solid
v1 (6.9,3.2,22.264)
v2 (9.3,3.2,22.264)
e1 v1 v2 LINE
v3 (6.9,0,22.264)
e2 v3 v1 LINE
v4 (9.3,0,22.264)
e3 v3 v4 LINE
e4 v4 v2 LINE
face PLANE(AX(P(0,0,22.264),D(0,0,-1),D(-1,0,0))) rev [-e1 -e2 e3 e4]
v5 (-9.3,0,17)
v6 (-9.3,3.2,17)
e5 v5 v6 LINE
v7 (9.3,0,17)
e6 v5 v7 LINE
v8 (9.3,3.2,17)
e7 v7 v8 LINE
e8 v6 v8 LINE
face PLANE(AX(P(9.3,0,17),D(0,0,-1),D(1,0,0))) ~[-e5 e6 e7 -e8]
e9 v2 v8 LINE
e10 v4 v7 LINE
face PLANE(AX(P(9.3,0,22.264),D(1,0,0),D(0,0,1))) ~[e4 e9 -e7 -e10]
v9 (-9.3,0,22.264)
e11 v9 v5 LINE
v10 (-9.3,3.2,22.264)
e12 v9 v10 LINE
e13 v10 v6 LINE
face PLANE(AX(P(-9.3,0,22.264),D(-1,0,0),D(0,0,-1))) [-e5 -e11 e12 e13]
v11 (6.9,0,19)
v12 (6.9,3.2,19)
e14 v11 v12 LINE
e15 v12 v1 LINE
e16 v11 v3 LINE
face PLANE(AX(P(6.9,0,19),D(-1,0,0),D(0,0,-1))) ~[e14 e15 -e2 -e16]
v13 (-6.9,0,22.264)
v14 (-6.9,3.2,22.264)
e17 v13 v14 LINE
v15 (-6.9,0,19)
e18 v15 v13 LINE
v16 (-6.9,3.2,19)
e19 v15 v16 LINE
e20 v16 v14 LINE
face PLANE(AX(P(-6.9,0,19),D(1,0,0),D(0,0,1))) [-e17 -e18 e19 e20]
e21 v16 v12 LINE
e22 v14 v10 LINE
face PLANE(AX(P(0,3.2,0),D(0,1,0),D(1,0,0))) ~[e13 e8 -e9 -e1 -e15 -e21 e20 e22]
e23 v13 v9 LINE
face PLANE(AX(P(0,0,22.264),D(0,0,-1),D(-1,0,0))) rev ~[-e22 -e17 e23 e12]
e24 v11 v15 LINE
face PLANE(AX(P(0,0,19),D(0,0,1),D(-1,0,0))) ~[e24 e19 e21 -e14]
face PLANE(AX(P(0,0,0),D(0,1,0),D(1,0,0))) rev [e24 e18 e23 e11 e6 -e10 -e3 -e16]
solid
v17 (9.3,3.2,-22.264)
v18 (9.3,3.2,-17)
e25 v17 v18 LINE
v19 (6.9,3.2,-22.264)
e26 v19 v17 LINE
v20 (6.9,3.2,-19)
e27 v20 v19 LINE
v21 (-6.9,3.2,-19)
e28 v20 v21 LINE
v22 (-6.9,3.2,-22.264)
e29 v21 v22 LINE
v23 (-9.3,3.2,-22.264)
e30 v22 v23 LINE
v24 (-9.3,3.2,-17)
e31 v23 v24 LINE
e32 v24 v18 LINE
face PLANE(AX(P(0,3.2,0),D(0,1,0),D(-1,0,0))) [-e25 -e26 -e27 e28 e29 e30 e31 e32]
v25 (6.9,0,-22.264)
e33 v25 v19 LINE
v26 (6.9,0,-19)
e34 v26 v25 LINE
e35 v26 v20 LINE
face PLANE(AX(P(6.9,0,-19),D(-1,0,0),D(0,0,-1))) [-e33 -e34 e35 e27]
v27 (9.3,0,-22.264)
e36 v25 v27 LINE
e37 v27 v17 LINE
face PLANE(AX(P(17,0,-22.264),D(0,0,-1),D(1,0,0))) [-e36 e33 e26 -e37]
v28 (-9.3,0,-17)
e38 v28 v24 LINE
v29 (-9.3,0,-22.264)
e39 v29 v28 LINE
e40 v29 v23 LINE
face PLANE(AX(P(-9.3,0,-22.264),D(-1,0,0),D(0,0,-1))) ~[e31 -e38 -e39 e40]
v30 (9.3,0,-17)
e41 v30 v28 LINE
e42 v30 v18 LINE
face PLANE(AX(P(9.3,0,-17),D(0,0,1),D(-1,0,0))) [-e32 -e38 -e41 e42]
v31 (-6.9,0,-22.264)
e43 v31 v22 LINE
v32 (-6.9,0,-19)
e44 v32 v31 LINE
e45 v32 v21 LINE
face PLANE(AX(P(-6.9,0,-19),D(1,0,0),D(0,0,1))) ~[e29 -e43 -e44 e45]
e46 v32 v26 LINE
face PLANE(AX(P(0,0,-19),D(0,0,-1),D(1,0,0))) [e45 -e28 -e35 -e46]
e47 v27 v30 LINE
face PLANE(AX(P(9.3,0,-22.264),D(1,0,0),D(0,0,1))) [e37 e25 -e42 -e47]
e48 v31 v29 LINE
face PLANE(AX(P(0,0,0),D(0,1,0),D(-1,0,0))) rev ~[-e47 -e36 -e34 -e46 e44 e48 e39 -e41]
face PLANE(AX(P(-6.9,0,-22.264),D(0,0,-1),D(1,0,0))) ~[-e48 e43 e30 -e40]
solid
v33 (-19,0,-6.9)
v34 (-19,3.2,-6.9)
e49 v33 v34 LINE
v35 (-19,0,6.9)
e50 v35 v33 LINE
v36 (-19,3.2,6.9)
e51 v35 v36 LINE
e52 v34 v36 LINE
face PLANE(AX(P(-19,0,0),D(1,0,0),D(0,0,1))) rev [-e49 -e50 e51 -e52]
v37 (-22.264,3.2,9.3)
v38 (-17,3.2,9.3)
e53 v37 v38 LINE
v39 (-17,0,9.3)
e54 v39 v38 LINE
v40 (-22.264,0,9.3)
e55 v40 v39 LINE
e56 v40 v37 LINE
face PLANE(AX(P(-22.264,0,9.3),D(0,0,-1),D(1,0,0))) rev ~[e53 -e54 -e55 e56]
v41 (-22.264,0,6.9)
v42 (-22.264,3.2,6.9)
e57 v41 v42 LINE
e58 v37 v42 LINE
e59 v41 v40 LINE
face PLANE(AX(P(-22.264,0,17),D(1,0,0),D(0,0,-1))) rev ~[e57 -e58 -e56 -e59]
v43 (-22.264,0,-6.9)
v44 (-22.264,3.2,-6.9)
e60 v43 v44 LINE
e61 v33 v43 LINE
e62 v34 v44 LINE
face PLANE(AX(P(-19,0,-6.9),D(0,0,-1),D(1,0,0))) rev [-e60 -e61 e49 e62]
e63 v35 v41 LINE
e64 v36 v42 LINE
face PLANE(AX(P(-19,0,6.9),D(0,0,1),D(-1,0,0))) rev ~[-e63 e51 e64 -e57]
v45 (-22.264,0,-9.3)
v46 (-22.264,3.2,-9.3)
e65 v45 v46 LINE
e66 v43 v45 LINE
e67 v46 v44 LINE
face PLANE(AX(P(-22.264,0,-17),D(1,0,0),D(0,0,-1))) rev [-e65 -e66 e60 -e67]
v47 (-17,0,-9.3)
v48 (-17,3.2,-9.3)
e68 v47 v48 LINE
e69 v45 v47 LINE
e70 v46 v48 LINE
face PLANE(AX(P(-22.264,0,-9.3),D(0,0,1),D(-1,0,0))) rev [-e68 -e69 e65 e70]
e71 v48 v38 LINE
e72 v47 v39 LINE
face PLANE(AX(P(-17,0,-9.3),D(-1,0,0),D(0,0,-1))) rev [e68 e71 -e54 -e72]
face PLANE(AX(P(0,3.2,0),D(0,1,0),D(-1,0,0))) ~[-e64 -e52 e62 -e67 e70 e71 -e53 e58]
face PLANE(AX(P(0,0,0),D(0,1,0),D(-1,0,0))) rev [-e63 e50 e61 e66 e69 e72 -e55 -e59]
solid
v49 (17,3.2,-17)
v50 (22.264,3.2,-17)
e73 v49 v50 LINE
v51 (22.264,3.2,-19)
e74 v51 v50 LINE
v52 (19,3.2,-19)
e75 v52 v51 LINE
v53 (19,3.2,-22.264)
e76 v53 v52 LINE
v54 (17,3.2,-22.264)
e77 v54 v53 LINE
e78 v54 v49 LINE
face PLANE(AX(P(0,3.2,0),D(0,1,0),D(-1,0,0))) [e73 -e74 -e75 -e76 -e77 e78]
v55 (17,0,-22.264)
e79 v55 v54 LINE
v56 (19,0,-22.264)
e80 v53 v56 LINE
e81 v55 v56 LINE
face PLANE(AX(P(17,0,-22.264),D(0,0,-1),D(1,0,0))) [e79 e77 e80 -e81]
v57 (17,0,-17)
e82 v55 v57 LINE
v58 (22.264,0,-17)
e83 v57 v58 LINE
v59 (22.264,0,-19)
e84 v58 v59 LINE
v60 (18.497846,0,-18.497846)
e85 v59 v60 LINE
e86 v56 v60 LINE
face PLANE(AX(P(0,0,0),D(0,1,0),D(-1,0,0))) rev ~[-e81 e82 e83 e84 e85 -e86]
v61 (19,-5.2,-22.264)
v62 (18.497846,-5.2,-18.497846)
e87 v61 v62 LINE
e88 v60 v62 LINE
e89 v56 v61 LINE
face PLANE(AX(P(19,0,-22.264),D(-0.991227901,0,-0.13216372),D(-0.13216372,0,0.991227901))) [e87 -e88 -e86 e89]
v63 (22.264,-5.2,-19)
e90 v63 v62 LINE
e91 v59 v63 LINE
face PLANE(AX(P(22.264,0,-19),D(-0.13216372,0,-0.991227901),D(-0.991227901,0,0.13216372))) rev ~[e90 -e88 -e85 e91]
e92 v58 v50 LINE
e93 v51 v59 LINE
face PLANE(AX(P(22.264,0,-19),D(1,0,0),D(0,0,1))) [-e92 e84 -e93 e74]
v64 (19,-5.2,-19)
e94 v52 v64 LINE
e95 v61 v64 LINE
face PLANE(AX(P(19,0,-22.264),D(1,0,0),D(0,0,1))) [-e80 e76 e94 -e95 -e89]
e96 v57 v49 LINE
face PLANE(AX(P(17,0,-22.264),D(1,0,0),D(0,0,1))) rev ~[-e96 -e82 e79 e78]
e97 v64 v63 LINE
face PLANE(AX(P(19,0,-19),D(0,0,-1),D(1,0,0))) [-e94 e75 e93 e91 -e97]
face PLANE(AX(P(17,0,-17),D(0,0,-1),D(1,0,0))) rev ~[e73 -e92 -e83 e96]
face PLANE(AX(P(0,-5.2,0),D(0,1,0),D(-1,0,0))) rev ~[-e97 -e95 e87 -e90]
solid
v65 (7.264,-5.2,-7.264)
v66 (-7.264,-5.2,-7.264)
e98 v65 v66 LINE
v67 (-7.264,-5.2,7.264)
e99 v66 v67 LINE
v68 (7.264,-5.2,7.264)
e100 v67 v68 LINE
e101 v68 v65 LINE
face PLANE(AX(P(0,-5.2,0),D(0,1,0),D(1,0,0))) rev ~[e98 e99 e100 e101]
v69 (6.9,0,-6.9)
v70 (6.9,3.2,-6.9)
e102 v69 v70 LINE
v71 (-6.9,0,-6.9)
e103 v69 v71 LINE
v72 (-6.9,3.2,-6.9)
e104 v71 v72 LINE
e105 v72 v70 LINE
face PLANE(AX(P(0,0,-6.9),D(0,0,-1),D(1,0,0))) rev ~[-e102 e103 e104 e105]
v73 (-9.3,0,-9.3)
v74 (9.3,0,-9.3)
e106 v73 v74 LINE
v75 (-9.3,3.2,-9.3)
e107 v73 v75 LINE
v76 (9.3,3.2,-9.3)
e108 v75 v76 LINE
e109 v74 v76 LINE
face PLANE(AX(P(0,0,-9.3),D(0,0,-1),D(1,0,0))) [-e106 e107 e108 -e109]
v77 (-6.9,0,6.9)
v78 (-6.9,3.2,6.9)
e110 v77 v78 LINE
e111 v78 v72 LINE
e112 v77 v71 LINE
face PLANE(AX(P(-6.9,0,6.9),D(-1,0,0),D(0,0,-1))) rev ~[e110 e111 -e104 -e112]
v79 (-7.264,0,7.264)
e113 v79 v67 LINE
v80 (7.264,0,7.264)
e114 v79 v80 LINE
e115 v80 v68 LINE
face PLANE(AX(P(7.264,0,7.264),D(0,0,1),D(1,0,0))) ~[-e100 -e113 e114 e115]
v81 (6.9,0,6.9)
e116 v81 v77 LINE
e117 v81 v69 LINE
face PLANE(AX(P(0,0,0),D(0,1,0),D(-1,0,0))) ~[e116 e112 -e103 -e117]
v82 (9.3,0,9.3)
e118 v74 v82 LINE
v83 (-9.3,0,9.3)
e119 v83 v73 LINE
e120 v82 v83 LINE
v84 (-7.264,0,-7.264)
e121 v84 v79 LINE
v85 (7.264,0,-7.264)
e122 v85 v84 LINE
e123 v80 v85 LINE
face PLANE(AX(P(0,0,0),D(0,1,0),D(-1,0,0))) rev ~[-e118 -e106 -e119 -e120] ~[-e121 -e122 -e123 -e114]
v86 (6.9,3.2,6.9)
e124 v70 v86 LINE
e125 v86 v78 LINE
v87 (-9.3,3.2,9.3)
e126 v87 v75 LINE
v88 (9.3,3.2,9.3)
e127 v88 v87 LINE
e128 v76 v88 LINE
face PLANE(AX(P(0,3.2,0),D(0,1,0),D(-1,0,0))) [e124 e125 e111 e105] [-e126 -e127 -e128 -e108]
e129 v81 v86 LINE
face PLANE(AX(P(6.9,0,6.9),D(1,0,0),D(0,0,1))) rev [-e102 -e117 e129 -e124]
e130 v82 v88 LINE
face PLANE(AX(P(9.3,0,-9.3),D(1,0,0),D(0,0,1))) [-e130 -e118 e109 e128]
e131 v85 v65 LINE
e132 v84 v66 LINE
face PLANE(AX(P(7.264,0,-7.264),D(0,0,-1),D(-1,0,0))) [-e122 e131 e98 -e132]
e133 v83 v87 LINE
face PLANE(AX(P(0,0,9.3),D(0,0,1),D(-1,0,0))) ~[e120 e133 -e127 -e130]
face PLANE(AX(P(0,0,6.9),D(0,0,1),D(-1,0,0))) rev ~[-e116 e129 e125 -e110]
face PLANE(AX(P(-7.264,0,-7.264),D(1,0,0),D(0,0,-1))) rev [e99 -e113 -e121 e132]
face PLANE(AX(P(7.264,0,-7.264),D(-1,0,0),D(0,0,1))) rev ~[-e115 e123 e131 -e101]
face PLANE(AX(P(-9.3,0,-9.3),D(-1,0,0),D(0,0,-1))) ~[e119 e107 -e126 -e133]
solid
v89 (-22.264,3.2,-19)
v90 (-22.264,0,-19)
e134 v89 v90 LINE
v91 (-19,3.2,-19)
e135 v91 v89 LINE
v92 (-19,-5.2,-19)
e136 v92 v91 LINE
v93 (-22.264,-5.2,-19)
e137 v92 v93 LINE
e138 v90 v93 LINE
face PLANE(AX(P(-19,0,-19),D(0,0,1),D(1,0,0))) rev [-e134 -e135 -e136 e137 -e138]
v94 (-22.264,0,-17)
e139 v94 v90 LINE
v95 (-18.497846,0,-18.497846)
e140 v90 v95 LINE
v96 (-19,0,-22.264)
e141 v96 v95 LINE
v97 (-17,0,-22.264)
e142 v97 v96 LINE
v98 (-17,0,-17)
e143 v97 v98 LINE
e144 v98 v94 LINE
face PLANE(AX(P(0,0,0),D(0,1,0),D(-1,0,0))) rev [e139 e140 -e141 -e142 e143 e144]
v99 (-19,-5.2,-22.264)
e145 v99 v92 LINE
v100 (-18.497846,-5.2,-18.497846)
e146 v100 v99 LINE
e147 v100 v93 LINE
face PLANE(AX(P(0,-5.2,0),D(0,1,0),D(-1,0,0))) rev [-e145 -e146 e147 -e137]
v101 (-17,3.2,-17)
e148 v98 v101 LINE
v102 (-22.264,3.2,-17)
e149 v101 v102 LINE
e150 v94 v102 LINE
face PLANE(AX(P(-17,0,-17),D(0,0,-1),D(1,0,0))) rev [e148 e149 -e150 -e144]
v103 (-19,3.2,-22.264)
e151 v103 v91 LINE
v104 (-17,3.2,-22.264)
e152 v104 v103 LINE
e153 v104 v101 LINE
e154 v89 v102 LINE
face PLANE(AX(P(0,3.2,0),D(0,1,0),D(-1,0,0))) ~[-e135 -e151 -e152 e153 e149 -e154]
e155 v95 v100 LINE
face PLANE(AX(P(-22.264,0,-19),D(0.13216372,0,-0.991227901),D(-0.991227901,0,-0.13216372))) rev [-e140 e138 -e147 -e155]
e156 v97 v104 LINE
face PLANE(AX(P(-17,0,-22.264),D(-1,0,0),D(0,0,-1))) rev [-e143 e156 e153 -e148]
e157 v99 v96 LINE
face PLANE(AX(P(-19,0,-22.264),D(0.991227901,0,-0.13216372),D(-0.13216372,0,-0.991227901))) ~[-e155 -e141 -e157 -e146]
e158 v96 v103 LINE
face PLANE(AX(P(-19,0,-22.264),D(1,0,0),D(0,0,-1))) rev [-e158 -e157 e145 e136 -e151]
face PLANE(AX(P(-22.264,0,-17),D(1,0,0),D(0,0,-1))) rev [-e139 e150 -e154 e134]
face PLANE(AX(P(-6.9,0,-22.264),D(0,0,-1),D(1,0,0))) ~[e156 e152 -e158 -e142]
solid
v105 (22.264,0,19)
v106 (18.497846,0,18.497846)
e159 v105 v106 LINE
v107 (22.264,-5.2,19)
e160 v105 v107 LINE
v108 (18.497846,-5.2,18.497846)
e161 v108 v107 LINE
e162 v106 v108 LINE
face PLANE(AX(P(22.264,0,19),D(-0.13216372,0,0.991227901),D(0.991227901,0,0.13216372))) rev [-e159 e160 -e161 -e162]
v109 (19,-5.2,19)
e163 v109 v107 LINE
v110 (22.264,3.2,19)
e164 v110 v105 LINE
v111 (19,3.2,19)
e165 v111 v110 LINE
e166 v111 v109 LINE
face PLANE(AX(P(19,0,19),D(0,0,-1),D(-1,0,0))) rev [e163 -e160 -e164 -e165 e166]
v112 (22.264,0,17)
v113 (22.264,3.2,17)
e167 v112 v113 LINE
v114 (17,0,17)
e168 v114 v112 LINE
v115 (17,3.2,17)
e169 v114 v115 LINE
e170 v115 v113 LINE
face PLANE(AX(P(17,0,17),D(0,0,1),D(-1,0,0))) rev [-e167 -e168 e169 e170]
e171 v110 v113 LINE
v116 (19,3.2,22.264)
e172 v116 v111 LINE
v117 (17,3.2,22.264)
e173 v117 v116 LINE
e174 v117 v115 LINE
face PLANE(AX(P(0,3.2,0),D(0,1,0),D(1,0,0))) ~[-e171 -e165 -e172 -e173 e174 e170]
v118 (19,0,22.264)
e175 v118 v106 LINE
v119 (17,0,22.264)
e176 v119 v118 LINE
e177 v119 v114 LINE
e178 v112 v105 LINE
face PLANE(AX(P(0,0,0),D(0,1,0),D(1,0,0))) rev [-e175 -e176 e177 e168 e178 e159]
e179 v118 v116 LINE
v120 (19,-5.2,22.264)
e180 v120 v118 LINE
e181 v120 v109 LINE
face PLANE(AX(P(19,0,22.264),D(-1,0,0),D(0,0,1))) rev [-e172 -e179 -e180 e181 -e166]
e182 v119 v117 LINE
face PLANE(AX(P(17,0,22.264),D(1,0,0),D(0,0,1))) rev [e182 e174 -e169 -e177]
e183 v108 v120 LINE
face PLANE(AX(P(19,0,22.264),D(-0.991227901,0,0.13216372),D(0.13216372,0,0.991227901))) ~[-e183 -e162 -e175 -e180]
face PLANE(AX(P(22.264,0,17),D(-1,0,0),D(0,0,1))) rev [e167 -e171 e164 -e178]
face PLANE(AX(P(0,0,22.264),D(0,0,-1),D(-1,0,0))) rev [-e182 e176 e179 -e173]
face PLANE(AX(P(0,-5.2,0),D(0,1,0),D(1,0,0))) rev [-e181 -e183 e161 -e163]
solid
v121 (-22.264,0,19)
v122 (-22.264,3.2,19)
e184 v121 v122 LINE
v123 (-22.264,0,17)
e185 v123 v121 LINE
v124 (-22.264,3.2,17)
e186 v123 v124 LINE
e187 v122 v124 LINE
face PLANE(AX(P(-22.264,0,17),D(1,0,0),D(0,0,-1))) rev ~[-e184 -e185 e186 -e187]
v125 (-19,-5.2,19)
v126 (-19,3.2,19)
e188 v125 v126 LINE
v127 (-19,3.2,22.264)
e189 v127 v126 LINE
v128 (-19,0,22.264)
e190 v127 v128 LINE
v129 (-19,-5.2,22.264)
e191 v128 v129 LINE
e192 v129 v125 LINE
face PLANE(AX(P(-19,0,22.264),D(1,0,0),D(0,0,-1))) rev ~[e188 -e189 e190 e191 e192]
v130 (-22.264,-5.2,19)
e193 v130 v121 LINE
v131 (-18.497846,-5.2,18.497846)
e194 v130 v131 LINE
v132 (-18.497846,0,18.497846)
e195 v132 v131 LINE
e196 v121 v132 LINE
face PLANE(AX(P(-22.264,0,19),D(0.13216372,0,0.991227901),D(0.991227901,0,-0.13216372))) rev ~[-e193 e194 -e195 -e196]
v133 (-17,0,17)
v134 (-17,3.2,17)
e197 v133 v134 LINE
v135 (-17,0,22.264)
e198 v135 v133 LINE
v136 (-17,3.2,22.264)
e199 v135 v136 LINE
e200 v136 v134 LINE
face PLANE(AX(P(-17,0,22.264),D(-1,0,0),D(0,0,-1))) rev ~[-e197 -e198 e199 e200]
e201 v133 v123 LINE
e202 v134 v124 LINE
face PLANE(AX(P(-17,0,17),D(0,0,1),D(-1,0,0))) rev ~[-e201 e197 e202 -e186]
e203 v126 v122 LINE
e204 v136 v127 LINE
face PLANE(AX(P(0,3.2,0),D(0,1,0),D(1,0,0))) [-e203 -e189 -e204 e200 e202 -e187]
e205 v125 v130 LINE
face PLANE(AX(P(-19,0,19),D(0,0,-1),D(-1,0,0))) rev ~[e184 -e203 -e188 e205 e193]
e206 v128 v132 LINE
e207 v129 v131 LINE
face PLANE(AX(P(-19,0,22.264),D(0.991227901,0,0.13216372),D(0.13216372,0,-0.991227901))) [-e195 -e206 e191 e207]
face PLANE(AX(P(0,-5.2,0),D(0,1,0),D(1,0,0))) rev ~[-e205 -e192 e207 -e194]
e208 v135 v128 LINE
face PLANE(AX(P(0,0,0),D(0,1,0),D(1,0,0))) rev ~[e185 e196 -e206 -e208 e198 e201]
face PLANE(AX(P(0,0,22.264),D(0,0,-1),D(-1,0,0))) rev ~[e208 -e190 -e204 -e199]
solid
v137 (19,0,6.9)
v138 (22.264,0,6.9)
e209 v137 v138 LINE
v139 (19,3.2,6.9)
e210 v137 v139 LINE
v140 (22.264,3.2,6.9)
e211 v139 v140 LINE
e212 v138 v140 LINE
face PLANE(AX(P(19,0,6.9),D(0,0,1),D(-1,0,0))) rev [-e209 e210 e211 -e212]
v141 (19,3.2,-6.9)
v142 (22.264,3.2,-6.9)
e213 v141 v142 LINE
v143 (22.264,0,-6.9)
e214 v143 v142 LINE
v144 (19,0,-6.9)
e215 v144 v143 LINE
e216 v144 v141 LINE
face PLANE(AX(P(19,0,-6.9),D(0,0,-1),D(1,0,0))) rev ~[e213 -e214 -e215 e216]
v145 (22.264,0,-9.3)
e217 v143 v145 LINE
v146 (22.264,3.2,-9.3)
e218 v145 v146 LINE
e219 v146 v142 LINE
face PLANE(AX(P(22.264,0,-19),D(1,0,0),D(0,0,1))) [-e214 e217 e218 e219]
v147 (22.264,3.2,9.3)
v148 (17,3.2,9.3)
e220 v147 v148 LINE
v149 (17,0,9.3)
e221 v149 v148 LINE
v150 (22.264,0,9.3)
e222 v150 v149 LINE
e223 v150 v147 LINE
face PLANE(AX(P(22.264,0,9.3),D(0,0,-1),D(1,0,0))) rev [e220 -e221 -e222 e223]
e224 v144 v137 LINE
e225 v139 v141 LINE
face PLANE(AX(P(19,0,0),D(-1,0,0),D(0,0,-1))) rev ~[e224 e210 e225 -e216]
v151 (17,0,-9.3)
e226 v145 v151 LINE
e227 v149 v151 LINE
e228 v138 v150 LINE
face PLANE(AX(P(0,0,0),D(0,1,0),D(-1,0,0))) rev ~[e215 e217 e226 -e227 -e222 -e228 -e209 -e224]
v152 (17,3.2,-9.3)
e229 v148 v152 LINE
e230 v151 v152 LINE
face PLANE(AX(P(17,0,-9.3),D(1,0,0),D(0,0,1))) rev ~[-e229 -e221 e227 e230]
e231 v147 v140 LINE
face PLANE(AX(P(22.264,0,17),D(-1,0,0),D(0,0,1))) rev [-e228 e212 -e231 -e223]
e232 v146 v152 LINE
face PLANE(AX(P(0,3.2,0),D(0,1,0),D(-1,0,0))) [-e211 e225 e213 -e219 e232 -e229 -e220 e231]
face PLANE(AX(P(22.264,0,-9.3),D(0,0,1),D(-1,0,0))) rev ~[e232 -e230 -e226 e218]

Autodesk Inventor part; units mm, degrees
ref_plane "YZ Plane" through (0, 0, 0) normal (1, 0, 0) x (0, 1, 0)
ref_plane "XZ Plane" through (0, 0, 0) normal (0, 1, 0) x (-1, 0, 0)
ref_plane "XY Plane" through (0, 0, 0) normal (0, 0, 1) x (1, 0, 0)
sketch "スケッチ1" plane through (0, 0, 0) normal (0, 1, 0) x (-1, 0, 0)
  line L0 (0, -64.5) -> (0, 10.75) projected
  line L1 (-64.5, 0) -> (10.75, 0) projected
  line L2 (0, 0) -> (0, -22.264)
  line L3 (0, -22.264) -> (-19, -22.264)
  line L4 (-19, -22.264) -> (-19, -19)
  line L5 (-19, -19) -> (-22.264, -19)
  line L6 (-22.264, -19) -> (-22.264, 0)
  line L7 (-22.264, 0) -> (0, 0)
  line L8 (-17, -22.264) -> (-17, -17)
  line L9 (-17, -17) -> (-22.264, -17)
  line L10 (-9.3, -22.264) -> (-9.3, -17)
  line L11 (-9.3, -17) -> (0, -17)
  line L12 (0, -19) -> (-6.9, -19)
  line L13 (-6.9, -19) -> (-6.9, -22.264)
  line L14 (-22.264, -9.3) -> (-17, -9.3)
  line L15 (-17, -9.3) -> (-17, 0)
  line L16 (-19, 0) -> (-19, -6.9)
  line L17 (-19, -6.9) -> (-22.264, -6.9)
  line L18 (0, -6.9) -> (-6.9, -6.9)
  line L19 (-6.9, -6.9) -> (-6.9, 0)
  line L20 (0, -9.3) -> (-9.3, -9.3)
  line L21 (-9.3, -9.3) -> (-9.3, 0)
  dimension "d0" = 19
  dimension "d1" = 19
  dimension "d2" = 22.264
  dimension "d3" = 22.264
  dimension "d4" = 9.3
  dimension "d5" = 2.4
  dimension "d6" = 2
  dimension "d7" = 2
  dimension "d8" = 9.3
  dimension "d9" = 2.4
extrude "押し出し1" add sketch "スケッチ1" along normal blind 3.2 contours L12 L13 L3 L10 L11 L0 | L20 L21 L1 L19 L18 L0 | L3 L4 L5 L6 L9 L8 | L15 L14 L6 L17 L16 L1
extrude "押し出し2" add sketch "スケッチ1" against normal blind 5.2
sketch "スケッチ2" plane through (0, 0, 0) normal (0, 1, 0) x (-1, 0, 0)
  line L0 (0, -22.264) -> (-19, -22.264) projected
  line L1 (-17, -22.264) -> (-17, -17) projected
  line L2 (-22.264, -19) -> (-22.264, 0) projected
  line L3 (-17, -17) -> (-22.264, -17) projected
  line L4 (0, -64.5) -> (0, 10.75) projected
  line L5 (-64.5, 0) -> (10.75, 0) projected
  line L6 (-19, -22.264) -> (-17, -7.264)
  line L7 (-17, -7.264) -> (0, -7.264)
  line L8 (-22.264, -19) -> (-7.264, -17)
  line L9 (-7.264, -17) -> (-7.264, 0)
  line L10 (0, -22.264) -> (0, -7.264)
  line L11 (-7.264, 0) -> (-22.264, 0)
  point P0 (0, 0)
  dimension "d16" = 15
  dimension "d17" = 15
extrude "押し出し3" cut sketch "スケッチ2" against normal through all contours L0 L1 L8 L9 L7 L4 | L0 L6 L8 L1 | L8 L6 L3 L1 | L1 L3 L6 L7 L9 L8 | L7 L6 L3 L2 L5 L9 | L8 L2 L3 L6
mirror "ミラー1" about plane through (0, 0, 0) normal (1, 0, 0) of "押し出し1", "押し出し2", "押し出し3"
mirror "ミラー2" about plane through (0, 0, 0) normal (0, 0, 1) of "押し出し1", "押し出し2", "押し出し3", "ミラー1"
equation "\"d0\" = 0.5 * RailWidth"
equation "\"d1\" = 0.5 * RailWidth"
equation "\"d2\" = 0.5 * LengthB"
equation "\"d3\" = 0.5 * LengthA"
equation "\"d4\" = 0.5 * InsideWidth"
equation "\"d5\" = InnerWall"
equation "\"d6\" = OuterWall"
equation "\"d7\" = OuterWall"
equation "\"d8\" = 0.5 * InsideWidth"
equation "\"d9\" = InnerWall"
equation "\"d12\" = RailDepth"
equation "\"d14\" = RailHeight - RailDepth"
equation "\"LengthA\" = 0.207107 * StraightLength"
equation "\"LengthB\" = LengthA"
equation "\"RailWidth\" = 38"
equation "\"InsideWidth\" = 18.6"
equation "\"InnerWall\" = 2.4"
equation "\"OuterWall\" = 2"
equation "\"RailDepth\" = 3.2"
equation "\"RailHeight\" = 8.4"
equation "\"StraightLength\" = 215"
properties part number "CrossRail-DSS"
